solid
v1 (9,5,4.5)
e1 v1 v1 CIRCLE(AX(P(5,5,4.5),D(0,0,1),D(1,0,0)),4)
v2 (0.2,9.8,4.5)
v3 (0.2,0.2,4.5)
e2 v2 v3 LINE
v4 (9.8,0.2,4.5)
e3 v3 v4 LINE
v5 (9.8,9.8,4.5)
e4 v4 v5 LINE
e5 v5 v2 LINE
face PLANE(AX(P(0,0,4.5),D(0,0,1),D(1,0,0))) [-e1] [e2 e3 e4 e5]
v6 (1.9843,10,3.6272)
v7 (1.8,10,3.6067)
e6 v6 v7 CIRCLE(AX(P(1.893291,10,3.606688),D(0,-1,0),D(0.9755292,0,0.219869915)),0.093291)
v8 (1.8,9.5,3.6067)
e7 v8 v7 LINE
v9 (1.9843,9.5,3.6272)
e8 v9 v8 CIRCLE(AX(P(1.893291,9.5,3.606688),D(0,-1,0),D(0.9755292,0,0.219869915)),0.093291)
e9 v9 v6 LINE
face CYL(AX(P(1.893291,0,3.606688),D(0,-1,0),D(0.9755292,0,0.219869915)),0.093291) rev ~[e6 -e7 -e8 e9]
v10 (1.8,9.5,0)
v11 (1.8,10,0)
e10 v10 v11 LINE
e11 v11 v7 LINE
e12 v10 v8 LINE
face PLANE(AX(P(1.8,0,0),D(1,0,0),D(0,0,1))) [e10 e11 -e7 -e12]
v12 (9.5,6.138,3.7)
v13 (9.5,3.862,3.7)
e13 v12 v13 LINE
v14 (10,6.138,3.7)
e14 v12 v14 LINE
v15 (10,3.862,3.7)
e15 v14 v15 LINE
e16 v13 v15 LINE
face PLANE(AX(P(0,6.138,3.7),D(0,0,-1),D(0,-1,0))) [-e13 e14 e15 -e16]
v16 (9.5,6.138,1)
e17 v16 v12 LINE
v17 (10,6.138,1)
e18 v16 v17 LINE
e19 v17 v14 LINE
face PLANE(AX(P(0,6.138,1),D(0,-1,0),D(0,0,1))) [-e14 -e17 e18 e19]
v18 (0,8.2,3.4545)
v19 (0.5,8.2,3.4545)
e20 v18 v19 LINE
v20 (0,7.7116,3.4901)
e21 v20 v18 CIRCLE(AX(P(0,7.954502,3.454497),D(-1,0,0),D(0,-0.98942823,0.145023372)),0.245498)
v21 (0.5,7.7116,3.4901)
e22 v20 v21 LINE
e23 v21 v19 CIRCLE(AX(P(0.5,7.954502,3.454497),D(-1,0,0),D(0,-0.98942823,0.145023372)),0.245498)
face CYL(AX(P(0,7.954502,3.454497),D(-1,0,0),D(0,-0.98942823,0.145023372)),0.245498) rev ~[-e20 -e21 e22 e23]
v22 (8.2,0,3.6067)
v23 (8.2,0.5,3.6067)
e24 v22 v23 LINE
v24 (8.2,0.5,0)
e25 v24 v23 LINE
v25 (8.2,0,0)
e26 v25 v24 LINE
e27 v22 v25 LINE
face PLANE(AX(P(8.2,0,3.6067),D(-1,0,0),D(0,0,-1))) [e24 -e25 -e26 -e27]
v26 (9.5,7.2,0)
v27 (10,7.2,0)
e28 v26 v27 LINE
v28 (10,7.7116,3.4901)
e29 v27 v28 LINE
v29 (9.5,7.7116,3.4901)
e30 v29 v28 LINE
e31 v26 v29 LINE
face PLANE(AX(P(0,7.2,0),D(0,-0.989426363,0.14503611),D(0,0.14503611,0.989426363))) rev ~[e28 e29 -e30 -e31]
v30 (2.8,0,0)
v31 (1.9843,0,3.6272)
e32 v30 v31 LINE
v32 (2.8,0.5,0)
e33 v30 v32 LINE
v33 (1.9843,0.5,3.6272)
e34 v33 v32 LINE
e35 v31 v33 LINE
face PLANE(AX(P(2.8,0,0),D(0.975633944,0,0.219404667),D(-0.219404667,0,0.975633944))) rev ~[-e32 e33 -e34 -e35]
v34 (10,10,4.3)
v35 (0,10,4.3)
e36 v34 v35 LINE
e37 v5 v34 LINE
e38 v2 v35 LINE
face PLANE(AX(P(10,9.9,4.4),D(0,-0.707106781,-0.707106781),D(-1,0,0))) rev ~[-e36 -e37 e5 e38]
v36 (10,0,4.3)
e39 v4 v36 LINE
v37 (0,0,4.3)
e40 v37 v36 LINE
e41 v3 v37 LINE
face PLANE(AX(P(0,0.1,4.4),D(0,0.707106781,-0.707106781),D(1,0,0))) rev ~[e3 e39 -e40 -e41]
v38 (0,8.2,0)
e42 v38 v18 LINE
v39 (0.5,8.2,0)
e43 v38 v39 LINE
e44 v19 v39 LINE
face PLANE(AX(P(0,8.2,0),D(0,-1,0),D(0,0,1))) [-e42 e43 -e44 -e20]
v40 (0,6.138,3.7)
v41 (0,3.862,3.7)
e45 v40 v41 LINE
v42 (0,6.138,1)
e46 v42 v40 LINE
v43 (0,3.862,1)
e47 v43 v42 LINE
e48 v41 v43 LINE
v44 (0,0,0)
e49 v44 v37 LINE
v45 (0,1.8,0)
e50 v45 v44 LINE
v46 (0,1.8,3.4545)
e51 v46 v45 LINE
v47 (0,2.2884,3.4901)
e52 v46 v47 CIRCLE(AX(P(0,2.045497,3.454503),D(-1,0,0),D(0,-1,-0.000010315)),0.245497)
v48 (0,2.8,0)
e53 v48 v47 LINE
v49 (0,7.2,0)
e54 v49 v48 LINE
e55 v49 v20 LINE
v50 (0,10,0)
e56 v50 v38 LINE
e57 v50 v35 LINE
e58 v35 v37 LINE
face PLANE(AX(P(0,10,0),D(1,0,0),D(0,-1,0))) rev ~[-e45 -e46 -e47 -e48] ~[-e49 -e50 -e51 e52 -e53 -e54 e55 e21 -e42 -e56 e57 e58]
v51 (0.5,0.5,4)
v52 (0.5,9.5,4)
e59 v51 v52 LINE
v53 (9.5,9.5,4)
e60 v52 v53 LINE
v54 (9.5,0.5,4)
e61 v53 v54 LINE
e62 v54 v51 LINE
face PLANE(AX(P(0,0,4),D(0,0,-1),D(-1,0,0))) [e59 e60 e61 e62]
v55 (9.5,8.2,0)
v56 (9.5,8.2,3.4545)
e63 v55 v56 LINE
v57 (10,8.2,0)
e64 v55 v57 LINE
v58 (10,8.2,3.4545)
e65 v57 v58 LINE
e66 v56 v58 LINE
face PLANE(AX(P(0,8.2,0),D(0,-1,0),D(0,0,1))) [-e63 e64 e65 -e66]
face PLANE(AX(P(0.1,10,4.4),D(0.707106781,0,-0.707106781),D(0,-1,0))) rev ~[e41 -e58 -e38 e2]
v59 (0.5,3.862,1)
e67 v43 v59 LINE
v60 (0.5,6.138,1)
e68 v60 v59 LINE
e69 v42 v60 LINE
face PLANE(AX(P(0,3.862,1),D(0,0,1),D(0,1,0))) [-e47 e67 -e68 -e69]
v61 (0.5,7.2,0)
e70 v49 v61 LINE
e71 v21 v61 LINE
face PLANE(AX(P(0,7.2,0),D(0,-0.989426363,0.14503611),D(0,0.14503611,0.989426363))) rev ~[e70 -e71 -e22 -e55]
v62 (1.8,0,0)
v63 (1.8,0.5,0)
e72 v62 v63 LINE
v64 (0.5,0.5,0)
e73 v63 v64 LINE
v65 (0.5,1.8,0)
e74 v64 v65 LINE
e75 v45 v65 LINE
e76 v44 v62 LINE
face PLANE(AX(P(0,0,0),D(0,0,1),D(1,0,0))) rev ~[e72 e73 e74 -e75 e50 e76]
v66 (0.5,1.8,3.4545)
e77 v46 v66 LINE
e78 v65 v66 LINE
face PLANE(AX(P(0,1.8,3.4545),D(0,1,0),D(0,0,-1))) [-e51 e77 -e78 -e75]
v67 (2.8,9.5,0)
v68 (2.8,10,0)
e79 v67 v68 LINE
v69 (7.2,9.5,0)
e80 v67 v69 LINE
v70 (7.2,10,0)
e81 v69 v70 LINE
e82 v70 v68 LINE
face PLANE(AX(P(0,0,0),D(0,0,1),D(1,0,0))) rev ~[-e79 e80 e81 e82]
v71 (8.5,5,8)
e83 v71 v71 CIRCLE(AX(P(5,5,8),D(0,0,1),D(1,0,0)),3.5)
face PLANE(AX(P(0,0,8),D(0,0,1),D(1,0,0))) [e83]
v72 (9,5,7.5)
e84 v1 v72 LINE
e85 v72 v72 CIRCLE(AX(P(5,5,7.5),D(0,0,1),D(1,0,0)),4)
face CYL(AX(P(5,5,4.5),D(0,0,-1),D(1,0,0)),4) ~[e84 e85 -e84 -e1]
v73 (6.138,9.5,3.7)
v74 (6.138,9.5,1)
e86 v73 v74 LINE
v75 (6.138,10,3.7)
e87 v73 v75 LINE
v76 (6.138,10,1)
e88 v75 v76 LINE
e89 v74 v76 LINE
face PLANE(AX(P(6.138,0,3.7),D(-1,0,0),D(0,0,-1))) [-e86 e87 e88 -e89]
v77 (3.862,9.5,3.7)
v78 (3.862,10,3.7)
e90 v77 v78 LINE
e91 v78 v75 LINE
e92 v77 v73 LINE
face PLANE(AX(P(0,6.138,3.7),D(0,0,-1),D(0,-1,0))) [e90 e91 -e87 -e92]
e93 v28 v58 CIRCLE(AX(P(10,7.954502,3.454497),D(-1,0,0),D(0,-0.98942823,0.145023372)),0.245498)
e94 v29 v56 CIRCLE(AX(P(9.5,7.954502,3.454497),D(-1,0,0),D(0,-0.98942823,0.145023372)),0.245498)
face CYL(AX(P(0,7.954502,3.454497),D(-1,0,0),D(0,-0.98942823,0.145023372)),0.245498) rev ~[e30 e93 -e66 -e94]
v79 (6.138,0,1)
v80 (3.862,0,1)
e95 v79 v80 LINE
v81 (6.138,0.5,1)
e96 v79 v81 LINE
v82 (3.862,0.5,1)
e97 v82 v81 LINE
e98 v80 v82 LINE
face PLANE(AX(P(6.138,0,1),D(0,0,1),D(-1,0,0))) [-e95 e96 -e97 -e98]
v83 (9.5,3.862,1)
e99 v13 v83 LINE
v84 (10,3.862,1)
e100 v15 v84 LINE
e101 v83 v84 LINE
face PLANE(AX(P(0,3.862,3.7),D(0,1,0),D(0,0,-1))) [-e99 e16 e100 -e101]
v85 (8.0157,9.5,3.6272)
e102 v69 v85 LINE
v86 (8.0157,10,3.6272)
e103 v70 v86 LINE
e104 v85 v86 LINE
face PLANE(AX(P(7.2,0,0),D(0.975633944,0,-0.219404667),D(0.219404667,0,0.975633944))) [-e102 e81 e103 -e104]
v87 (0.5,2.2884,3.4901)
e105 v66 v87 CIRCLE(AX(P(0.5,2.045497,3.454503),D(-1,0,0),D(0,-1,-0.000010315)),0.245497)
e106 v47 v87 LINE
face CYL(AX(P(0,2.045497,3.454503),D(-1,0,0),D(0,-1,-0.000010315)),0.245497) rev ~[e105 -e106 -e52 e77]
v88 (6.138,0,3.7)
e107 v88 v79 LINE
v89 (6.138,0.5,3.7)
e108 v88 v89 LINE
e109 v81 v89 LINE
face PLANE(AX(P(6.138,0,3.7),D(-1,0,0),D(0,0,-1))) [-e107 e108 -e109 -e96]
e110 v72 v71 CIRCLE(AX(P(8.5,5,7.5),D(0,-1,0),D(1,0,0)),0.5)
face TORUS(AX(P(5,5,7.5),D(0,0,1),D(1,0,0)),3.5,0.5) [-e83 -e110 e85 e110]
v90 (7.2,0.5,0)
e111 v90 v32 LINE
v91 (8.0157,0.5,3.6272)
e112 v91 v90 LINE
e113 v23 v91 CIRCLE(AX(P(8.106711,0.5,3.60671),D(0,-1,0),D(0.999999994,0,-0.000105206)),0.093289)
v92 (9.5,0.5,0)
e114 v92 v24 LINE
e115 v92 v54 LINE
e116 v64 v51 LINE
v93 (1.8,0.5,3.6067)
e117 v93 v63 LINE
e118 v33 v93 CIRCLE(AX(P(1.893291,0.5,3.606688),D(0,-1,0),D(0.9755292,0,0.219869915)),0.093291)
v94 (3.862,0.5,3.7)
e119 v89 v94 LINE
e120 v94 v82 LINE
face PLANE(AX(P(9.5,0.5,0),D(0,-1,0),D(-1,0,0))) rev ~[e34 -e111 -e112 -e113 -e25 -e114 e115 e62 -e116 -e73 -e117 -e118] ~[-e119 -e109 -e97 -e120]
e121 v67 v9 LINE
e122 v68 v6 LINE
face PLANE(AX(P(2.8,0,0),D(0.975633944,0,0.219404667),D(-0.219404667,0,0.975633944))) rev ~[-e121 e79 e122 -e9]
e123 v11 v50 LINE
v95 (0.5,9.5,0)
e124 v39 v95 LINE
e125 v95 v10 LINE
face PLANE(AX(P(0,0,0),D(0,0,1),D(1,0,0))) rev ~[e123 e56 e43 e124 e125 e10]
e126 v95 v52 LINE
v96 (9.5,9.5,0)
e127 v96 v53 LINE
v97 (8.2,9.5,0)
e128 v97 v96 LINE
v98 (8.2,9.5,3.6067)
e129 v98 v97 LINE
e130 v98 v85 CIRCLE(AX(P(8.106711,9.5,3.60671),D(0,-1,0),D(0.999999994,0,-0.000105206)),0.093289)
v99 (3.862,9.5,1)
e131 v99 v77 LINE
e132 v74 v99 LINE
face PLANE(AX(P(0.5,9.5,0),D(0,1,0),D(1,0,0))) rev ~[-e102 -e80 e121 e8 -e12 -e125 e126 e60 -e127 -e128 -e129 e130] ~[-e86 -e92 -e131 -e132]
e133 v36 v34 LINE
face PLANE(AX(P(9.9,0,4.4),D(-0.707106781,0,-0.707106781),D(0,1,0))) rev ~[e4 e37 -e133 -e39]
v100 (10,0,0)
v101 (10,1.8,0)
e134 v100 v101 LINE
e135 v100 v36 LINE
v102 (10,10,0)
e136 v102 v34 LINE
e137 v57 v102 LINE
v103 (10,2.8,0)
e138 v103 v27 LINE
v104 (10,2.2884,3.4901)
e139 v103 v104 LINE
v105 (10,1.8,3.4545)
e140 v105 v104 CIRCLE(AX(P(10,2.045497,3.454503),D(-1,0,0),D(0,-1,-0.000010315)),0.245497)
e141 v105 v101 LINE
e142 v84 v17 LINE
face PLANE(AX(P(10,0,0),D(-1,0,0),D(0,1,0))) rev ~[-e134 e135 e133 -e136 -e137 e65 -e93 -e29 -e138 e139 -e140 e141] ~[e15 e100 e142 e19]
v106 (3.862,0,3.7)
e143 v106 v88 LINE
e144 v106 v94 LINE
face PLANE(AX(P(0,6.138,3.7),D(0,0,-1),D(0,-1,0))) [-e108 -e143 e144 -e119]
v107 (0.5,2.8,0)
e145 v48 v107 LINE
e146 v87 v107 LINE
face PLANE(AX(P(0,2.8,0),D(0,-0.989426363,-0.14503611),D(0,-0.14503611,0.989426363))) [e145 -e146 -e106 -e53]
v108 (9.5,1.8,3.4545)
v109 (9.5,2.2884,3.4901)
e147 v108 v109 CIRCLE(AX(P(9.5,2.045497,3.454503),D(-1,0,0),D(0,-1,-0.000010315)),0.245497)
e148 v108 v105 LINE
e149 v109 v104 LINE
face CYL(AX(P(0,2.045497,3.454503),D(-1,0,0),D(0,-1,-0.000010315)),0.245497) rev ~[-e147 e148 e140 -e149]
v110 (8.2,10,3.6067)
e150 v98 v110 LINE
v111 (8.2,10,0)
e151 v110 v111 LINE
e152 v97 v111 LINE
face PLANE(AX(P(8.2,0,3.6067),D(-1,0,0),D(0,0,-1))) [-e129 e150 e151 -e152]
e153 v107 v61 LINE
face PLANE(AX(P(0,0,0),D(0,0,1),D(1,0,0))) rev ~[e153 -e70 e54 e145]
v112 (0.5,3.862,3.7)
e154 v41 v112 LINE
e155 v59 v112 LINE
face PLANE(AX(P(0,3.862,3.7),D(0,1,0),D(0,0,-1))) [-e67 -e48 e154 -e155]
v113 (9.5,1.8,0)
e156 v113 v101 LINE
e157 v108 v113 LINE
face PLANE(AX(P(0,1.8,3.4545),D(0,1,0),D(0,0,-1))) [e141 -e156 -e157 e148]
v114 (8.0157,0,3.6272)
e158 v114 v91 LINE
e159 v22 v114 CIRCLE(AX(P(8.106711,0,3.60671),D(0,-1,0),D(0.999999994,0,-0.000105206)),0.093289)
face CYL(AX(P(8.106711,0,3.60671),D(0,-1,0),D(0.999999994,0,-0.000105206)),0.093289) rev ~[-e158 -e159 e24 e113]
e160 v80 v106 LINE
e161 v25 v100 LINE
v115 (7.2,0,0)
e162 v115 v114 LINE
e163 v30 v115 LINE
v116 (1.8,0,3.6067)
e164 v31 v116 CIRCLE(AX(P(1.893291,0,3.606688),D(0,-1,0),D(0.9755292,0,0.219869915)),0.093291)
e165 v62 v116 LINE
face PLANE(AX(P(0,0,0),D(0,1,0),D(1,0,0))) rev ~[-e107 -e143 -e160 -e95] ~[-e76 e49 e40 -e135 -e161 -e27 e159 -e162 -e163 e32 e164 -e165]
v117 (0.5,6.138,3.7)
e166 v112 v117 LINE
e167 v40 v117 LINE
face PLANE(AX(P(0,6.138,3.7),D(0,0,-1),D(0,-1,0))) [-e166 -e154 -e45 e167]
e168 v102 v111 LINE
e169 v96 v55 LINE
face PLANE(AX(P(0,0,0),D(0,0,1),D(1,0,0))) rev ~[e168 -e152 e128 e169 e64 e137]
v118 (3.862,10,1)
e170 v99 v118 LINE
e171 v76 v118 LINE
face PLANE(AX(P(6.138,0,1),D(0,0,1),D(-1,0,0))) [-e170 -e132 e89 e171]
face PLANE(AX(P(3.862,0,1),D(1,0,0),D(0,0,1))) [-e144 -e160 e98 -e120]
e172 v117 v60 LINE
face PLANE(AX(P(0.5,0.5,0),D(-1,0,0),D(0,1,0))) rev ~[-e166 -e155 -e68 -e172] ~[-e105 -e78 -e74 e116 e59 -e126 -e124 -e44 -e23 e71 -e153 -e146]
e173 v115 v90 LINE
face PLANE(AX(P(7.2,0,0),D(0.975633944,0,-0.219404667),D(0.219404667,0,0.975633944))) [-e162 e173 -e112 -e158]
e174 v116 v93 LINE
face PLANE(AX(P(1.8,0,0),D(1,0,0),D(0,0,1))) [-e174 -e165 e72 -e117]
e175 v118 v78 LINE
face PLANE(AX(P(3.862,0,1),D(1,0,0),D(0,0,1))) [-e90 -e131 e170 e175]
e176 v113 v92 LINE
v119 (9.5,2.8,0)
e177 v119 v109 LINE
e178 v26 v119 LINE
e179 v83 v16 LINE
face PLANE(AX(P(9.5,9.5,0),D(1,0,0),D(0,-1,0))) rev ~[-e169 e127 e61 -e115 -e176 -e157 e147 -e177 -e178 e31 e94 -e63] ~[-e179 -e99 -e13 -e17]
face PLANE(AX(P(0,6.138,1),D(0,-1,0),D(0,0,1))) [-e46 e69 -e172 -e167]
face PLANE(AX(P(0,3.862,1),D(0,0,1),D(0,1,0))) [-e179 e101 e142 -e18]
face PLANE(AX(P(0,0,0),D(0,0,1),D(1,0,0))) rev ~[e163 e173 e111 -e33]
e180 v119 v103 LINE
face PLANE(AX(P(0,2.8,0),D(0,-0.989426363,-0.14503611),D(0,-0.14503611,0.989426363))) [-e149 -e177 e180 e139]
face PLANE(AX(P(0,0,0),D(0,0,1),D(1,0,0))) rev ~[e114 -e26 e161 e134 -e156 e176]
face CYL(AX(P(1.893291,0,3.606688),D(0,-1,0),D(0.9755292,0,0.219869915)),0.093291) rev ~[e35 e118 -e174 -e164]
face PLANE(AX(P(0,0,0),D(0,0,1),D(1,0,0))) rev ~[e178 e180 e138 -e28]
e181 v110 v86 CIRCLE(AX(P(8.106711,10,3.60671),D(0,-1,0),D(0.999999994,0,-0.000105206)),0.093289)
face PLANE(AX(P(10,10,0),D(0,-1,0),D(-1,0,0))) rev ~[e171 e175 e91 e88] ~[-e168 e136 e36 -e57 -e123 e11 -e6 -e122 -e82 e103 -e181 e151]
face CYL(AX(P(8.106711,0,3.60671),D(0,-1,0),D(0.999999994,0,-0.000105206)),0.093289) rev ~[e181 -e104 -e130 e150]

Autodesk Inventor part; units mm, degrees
ref_plane "YZ Plane" through (0, 0, 0) normal (1, 0, 0) x (0, 1, 0)
ref_plane "XZ Plane" through (0, 0, 0) normal (0, 1, 0) x (-1, 0, 0)
ref_plane "XY Plane" through (0, 0, 0) normal (0, 0, 1) x (1, 0, 0)
sketch "Sketch1" plane through (0, 0, 0) normal (0, 0, 1) x (1, 0, 0)
  line L0 (0, 0) -> (10, 0)
  line L1 (10, 0) -> (10, 10)
  line L2 (10, 10) -> (0, 10)
  line L3 (0, 10) -> (0, 0)
  dimension "d0" = 10
  dimension "d1" = 10
extrude "Extrusion1" add sketch "Sketch1" along normal blind 4.5
sketch "Sketch2" plane through (0, 0, 0) normal (0, -1, 0) x (1, 0, 0)
  line L0 (0, 0) -> (0, 4.5) projected
  line L1 (0, 0) -> (10, 0) projected
  line L2 (10, 0) -> (10, 4.5) projected
  line L3 (1.8, 0) -> (1.8, 3.6067)
  line L4 (2.8, 0) -> (1.9843, 3.6272)
  line L5 (7.2, 0) -> (8.0157, 3.6272)
  line L6 (8.2, 3.6067) -> (8.2, 0)
  arc A0 (1.9843, 3.6272) -> (1.8, 3.6067) centre (1.8933, 3.6067) ccw
  arc A1 (8.2, 3.6067) -> (8.0157, 3.6272) centre (8.1067, 3.6067) ccw
  line L7 (0, 3.7) -> (10, 3.7) construction
  line L8 (3.862, 3.7) -> (6.138, 3.7)
  line L9 (6.138, 3.7) -> (6.138, 1)
  line L10 (6.138, 1) -> (3.862, 1)
  line L11 (3.862, 1) -> (3.862, 3.7)
  dimension "d9" = 1
  dimension "d10" = 1
  dimension "d11" = 3.7
  dimension "d12" = 4.4
  dimension "d13" = 1.8
  dimension "d14" = 1.8
  dimension "d15" = 3.862
  dimension "d16" = 3.862
  dimension "d17" = 1
extrude "Extrusion2" cut sketch "Sketch2" against normal through all
sketch "Sketch3" plane through (0, 0, 0) normal (-1, 0, 0) x (0, 0, 1)
  line L0 (0, 10) -> (4.5, 10) projected
  line L1 (0, 10) -> (0, 0) projected
  line L2 (0, 0) -> (4.5, 0) projected
  line L3 (0, 10) -> (4.2679, 10)
  line L4 (0, 10) -> (0, 0)
  line L5 (0, 0) -> (4.0987, 0)
  line L6 (0, 8.2) -> (3.4545, 8.2)
  line L7 (0, 7.2) -> (3.4901, 7.7116)
  line L8 (0, 2.8) -> (3.4901, 2.2884)
  line L9 (3.4545, 1.8) -> (0, 1.8)
  arc A0 (3.4901, 7.7116) -> (3.4545, 8.2) centre (3.4545, 7.9545) ccw
  arc A1 (3.4545, 1.8) -> (3.4901, 2.2884) centre (3.4545, 2.0455) ccw
  line L10 (3.7, 10) -> (3.7, 0) construction
  line L11 (3.7, 6.138) -> (3.7, 3.862)
  line L12 (3.7, 3.862) -> (1, 3.862)
  line L13 (1, 3.862) -> (1, 6.138)
  line L14 (1, 6.138) -> (3.7, 6.138)
  dimension "d20" = 1
  dimension "d21" = 1
  dimension "d22" = 3.7
  dimension "d23" = 4.4
  dimension "d24" = 1.8
  dimension "d25" = 1.8
  dimension "d26" = 3.862
  dimension "d27" = 3.862
  dimension "d28" = 1
extrude "Extrusion3" cut sketch "Sketch3" against normal through all
sketch "Sketch4" plane through (0, 0, 0) normal (0, 0, -1) x (-1, 0, 0)
  line L0 (-2.8, 7.2) -> (-7.2, 7.2) projected
  line L1 (-7.2, 7.2) -> (-7.2, 2.8) projected
  line L2 (-7.2, 2.8) -> (-2.8, 2.8) projected
  line L3 (-2.8, 2.8) -> (-2.8, 7.2) projected
  line L4 (-0.5, 9.5) -> (-9.5, 9.5)
  line L5 (-9.5, 9.5) -> (-9.5, 0.5)
  line L6 (-9.5, 0.5) -> (-0.5, 0.5)
  line L7 (-0.5, 0.5) -> (-0.5, 9.5)
  line L8 (-2.8, 7.2) -> (-7.2, 2.8) construction
  line L9 (-5, 7.2) -> (-5, 2.8) construction
  line L10 (-2.8, 5) -> (-7.2, 5) construction
  point P0 (0, 0)
  dimension "d32" = 4.5
  dimension "d33" = 4.5
  dimension "d34" = 4.5
extrude "Extrusion4" cut sketch "Sketch4" against normal blind 4 contours L3 L2 L1 L0 | L7 L6 L5 L4
sketch "Sketch5" plane through (0, 0, 4.5) normal (0, 0, 1) x (1, 0, 0)
  line L0 (0, 0) -> (0, 10) projected
  line L1 (0, 10) -> (10, 10) projected
  circle A0 centre (5, 5) radius 4
  dimension "d37" = 5
  dimension "d38" = 5
  dimension "d39" = 8
extrude "Extrusion5" add sketch "Sketch5" along normal blind 3.5
fillet "Fillet1" radius 0.5 1 edges at (1, 5, 8)
chamfer "Chamfer1" distance 0.2 angle 45 4 edges at (5, 10, 4.5) (0, 5, 4.5) (10, 5, 4.5) (5, 0, 4.5)
equation "\"d13\" = d14"
equation "\"d15\" = d16"
equation "\"d24\" = d25"
equation "\"d26\" = d27"
equation "\"d33\" = d32"
equation "\"d34\" = d32"
properties part number "button_cap"
